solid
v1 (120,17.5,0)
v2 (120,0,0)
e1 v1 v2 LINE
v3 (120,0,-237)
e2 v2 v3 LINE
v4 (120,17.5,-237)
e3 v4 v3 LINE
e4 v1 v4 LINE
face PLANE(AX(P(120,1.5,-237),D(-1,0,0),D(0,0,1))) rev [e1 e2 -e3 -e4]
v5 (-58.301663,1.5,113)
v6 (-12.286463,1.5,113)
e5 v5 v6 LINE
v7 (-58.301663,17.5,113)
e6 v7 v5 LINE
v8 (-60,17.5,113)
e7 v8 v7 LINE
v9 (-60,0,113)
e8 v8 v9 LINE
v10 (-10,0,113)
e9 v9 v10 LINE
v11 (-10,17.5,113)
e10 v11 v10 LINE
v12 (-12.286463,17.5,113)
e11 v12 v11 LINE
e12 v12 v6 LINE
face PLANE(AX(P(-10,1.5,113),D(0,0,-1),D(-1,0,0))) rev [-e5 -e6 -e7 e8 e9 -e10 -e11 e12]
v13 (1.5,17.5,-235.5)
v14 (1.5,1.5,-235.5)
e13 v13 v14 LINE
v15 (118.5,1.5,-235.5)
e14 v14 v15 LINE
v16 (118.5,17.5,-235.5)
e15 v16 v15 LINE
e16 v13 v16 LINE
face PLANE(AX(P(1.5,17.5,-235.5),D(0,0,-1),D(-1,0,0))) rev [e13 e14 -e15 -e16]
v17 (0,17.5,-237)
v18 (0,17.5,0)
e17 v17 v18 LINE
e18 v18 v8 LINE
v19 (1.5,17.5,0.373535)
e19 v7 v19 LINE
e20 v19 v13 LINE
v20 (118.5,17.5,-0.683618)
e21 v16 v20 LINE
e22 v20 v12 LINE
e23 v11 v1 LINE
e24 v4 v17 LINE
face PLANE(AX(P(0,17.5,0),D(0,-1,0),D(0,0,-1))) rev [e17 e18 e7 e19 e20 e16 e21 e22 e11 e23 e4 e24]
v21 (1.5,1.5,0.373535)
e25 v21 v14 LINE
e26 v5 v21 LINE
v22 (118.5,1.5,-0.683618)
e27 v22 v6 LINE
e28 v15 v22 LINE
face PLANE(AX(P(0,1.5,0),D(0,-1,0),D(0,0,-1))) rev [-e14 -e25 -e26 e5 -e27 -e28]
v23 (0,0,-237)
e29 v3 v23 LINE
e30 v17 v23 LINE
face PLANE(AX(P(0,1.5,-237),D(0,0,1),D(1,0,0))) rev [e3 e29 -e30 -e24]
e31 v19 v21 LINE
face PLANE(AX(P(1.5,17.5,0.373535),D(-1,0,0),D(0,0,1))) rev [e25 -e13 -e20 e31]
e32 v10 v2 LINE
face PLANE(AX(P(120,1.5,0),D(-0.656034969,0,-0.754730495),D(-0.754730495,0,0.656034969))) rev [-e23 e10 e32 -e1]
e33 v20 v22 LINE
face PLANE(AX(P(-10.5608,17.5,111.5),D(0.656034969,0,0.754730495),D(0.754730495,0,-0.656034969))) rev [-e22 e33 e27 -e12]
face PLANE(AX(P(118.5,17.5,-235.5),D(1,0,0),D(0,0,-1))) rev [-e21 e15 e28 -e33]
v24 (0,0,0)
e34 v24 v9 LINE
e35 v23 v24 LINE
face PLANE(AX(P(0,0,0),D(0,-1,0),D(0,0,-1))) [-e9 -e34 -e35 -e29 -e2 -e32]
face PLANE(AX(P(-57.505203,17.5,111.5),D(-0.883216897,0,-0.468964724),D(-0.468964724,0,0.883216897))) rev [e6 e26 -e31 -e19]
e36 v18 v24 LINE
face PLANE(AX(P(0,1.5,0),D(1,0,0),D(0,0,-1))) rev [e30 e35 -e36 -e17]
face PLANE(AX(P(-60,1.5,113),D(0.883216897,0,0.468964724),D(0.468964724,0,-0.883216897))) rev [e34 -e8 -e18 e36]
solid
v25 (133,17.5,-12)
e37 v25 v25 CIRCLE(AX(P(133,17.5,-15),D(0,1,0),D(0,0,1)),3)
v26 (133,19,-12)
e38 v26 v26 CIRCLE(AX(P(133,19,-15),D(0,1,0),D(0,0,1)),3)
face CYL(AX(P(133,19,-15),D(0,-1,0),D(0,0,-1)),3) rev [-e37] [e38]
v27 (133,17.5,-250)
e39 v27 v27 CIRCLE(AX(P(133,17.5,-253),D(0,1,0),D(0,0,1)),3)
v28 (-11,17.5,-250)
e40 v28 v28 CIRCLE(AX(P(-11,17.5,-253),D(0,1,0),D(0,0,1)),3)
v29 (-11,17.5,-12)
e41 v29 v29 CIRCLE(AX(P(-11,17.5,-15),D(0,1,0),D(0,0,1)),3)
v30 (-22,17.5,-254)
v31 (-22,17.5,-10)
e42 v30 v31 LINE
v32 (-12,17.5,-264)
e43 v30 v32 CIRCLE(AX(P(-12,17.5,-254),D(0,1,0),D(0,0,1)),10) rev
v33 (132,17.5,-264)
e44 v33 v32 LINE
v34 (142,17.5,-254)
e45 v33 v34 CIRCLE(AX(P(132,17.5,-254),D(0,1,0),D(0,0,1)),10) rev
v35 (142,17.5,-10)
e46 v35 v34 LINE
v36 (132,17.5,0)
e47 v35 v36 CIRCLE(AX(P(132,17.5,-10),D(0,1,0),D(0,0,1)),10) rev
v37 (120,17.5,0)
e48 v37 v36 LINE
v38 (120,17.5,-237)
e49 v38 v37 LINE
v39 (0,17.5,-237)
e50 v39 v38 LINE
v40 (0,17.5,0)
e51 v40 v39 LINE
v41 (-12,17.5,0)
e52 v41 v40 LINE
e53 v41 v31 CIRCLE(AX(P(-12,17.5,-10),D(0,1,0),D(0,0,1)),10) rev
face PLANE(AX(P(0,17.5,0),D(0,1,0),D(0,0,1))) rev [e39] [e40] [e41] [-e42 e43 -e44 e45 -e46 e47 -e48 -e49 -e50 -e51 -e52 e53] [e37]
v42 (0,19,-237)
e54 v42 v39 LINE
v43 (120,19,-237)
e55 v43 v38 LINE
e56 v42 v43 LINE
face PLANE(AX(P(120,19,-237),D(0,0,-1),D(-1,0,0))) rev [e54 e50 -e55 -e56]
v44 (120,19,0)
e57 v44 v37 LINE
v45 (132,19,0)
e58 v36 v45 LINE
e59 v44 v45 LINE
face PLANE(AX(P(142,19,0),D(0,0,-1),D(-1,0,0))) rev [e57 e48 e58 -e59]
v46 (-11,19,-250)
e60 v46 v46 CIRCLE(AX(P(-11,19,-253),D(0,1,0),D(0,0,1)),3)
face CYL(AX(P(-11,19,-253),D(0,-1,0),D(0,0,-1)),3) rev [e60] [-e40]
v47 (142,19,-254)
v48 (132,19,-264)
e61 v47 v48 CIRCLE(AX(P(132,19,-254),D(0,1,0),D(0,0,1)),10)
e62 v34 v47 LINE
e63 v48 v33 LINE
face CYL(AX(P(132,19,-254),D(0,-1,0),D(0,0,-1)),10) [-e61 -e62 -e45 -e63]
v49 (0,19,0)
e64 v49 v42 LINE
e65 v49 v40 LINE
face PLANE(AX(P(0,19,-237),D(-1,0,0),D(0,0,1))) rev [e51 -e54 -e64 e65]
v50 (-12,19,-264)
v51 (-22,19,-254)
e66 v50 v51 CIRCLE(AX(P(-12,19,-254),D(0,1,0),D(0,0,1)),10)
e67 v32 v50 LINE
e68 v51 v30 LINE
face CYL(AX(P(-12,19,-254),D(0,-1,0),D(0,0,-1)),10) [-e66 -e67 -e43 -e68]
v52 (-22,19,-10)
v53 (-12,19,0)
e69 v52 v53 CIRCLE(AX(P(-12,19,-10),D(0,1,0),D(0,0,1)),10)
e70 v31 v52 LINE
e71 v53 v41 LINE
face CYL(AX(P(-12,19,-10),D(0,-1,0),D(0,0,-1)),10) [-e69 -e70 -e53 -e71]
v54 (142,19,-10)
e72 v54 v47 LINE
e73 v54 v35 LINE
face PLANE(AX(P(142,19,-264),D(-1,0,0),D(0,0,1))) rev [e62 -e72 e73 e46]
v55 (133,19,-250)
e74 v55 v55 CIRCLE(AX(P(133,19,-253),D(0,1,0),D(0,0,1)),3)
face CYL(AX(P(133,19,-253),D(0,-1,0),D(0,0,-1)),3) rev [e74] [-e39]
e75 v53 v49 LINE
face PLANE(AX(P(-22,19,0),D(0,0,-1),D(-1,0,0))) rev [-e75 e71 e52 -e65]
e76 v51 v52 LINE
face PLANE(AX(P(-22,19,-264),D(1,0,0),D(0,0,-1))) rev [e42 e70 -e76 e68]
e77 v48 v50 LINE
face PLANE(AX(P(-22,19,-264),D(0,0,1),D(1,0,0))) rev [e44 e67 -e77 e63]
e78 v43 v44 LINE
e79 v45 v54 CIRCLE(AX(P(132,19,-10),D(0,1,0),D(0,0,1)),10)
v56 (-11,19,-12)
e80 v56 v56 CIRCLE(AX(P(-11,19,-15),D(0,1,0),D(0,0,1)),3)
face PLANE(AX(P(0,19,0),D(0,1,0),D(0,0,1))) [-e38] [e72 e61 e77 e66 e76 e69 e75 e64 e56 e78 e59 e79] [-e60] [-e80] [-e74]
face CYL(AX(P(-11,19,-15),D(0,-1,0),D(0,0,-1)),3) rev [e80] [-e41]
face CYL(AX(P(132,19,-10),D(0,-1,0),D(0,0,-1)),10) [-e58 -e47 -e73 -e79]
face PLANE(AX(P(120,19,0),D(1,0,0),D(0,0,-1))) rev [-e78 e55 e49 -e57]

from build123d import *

# Parameters (mm, degrees)
BOSS_EXTRUDE1_DEPTH = 1.5
BOSS_EXTRUDE2_DEPTH = 16
SKETCH3_R           = 3
BOSS_EXTRUDE3_DEPTH = 1.5
FILLET1_R           = 10


with BuildPart() as part:
    # Sketch1 → Boss-Extrude1 (new body)
    with BuildSketch(Plane(origin=(0, 0, 0), x_dir=(1, 0, 0), z_dir=(0, 1, 0))):
        Polygon((0, 0), (0, 237), (120, 237), (120, 0), (-10, -113), (-60, -113), align=None)
    extrude(amount=BOSS_EXTRUDE1_DEPTH)

    # Sketch2 → Boss-Extrude2 (add)
    with BuildSketch(Plane(origin=(0, 1.5, 0), x_dir=(1, 0, 0), z_dir=(0, 1, 0))):
        Polygon((0, 237), (120, 237), (120, 0), (-10, -113), (-12.286463484, -113), (-10.560799767, -111.5), (118.5, 0.683618259), (118.5, 235.5), (1.5, 235.5), (1.5, -0.373534821), (-57.50520275, -111.5), (-58.301662927, -113), (-60, -113), (0, 0), align=None)
    extrude(amount=BOSS_EXTRUDE2_DEPTH)


with BuildPart() as body_2:
    # Sketch3 → Boss-Extrude3 (new body)
    with BuildSketch(Plane(origin=(0, 17.5, 0), x_dir=(1, 0, 0), z_dir=(0, 1, 0))):
        Polygon((-22, 264), (142, 264), (142, 0), (120, 0), (120, 237), (0, 237), (0, 0), (-22, 0), align=None)
        with Locations(Location((-11, 253, 0), (0, 0, 270))):
            Circle(SKETCH3_R, mode=Mode.SUBTRACT)
        with Locations(Location((133, 253, 0), (0, 0, 270))):
            Circle(SKETCH3_R, mode=Mode.SUBTRACT)
        with Locations(Location((-11, 15, 0), (0, 0, 270))):
            Circle(SKETCH3_R, mode=Mode.SUBTRACT)
        with Locations(Location((133, 15, 0), (0, 0, 270))):
            Circle(SKETCH3_R, mode=Mode.SUBTRACT)
    extrude(amount=BOSS_EXTRUDE3_DEPTH)

    # Fillet1
    fillet1_edges = [body_2.edges().sort_by_distance(p)[0] for p in [
        (-22, 18.25, -264),
        (142, 18.25, -264),
        (142, 18.25, 0),
        (-22, 18.25, 0),
    ]]
    fillet(fillet1_edges, radius=FILLET1_R)


solid = Compound([part.part, body_2.part])
